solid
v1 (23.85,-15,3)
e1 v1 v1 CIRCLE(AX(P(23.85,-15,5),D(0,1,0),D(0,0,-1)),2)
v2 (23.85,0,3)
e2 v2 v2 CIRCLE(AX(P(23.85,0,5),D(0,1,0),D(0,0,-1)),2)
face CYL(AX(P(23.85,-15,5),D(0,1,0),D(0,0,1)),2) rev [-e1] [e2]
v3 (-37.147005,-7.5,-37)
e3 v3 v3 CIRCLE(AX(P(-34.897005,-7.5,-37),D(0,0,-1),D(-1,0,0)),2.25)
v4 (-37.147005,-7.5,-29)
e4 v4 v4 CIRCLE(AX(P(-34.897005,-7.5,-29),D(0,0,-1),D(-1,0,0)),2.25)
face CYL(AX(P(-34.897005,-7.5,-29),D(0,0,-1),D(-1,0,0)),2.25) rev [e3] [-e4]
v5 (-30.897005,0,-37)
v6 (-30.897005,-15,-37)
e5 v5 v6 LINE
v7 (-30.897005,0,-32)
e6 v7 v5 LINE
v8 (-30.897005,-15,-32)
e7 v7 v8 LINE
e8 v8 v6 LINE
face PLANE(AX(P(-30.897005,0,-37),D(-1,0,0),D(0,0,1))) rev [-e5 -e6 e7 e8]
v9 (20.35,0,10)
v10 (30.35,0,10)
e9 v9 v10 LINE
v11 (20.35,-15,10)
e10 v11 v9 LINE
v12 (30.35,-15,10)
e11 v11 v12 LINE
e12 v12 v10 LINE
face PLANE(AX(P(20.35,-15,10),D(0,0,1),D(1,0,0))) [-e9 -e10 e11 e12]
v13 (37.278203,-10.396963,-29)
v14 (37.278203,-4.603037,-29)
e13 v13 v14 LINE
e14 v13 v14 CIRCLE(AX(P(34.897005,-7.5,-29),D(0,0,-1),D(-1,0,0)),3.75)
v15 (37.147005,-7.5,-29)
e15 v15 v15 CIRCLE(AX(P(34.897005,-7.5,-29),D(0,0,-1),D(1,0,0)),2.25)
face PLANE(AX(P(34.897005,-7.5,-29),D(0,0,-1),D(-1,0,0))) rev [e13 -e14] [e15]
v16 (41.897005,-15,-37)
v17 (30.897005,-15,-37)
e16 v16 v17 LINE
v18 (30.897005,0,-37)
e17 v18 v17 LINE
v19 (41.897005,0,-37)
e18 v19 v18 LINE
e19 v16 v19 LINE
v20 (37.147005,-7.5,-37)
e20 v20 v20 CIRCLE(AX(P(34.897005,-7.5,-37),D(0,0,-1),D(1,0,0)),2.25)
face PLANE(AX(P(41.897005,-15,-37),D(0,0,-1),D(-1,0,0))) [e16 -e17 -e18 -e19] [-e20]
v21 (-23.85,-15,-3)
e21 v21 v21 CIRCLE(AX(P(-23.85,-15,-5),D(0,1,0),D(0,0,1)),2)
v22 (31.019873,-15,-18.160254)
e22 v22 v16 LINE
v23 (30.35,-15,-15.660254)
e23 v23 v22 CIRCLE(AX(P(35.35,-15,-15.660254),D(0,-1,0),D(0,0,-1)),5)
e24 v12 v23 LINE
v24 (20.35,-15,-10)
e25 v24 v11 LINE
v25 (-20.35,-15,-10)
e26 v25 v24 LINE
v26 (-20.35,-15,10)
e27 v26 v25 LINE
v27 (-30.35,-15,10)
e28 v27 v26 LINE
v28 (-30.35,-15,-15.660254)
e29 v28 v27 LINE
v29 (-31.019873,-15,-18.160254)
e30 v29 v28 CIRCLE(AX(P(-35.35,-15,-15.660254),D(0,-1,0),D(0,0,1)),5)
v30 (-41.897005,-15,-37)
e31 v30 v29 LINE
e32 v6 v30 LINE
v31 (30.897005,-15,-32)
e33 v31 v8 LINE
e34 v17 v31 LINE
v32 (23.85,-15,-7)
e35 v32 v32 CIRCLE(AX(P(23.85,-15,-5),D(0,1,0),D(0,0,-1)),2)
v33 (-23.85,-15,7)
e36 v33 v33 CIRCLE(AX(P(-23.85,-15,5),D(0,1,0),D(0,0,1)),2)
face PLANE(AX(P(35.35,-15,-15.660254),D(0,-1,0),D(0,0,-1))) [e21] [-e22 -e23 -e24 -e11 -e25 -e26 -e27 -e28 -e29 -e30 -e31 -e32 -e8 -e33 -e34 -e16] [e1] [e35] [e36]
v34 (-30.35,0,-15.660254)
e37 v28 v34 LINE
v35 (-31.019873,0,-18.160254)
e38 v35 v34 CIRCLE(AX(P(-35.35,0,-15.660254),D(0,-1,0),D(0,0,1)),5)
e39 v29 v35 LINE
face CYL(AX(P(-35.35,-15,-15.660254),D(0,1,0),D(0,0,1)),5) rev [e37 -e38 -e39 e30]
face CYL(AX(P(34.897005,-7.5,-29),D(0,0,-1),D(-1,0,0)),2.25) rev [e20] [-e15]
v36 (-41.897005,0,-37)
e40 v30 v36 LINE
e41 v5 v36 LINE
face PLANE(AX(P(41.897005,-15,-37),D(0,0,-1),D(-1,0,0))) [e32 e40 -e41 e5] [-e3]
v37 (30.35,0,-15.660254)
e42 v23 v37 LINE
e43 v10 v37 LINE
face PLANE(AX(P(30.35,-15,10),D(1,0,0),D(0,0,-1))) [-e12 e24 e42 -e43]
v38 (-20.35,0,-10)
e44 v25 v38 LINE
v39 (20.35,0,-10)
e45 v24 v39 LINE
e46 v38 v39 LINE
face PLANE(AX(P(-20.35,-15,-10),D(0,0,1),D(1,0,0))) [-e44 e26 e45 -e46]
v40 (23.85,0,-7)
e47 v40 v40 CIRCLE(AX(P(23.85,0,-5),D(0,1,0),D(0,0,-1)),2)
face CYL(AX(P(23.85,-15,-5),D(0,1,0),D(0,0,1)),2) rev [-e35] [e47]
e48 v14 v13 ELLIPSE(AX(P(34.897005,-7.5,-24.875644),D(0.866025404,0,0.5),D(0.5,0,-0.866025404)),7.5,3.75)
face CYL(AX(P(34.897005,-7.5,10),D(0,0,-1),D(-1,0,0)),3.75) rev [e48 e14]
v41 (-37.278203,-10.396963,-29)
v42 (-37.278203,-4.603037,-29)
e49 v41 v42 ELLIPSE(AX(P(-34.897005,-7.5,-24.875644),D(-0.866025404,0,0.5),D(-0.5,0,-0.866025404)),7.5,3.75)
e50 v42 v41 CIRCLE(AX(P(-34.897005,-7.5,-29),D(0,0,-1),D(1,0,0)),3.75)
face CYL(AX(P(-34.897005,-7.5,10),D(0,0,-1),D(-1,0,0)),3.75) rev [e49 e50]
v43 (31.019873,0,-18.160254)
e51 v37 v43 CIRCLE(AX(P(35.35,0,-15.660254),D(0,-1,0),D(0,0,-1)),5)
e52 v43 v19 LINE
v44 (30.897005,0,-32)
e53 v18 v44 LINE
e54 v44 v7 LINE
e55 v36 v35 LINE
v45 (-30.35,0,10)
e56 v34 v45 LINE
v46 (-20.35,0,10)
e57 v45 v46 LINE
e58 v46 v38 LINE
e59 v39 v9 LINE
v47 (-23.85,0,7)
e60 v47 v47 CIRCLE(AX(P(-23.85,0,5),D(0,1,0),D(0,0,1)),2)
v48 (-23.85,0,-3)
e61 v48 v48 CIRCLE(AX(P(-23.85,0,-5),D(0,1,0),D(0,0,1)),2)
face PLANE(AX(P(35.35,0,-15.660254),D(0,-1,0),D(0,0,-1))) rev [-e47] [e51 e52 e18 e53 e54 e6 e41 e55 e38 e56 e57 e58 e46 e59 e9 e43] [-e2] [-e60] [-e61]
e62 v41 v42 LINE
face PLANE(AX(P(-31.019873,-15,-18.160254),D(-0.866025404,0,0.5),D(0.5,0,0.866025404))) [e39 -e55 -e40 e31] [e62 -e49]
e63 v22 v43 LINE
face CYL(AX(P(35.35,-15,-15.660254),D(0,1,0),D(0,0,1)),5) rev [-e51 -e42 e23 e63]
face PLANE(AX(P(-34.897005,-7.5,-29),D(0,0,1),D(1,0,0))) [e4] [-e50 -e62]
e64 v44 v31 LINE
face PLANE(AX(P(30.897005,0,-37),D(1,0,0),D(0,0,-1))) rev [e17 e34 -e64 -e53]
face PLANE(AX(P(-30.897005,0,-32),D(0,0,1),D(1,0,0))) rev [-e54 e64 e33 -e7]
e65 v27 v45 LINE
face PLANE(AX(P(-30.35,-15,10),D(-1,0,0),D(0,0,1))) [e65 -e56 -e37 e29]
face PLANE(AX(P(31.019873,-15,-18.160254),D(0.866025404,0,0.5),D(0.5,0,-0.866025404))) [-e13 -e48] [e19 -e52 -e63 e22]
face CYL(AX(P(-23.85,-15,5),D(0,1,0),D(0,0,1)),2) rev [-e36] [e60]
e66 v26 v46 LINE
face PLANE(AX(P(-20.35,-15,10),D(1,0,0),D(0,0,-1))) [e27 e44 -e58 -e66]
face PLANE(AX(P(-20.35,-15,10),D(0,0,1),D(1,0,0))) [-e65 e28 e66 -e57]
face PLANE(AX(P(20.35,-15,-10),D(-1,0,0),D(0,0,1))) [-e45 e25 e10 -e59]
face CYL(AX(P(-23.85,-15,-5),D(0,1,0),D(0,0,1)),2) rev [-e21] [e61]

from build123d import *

# Parameters (mm, degrees)
SKETCH1_R           = 2
BOSS_EXTRUDE1_DEPTH = 15
SKETCH2_R           = 2.25
CUT_EXTRUDE1_DEPTH  = 8
SKETCH3_R           = 3.75
CUT_EXTRUDE2_DEPTH  = 60.172282871
SKETCH4_W           = 61.794010768
SKETCH4_H           = 5
CUT_EXTRUDE3_DEPTH  = 58.873647372


with BuildPart() as part:
    # Sketch1 → Boss-Extrude1 (new body)
    with BuildSketch(Plane(origin=(0, 0, 0), x_dir=(-1, 0, 0), z_dir=(0, 1, 0))):
        with BuildLine():
            Line((20.35, 10), (20.35, -10))
            Line((20.35, -10), (-20.35, -10))
            Line((-20.35, -10), (-20.35, 10))
            Line((-20.35, 10), (-30.35, 10))
            Line((-30.35, 10), (-30.35, -15.660254038))
            ThreePointArc((-30.35, -15.660254038), (-30.520370869, -16.954349263), (-31.019872981, -18.160254038))
            Line((-31.019872981, -18.160254038), (-41.897005384, -37))
            Line((-41.897005384, -37), (41.897005384, -37))
            Line((41.897005384, -37), (31.019872981, -18.160254038))
            ThreePointArc((31.019872981, -18.160254038), (30.520370869, -16.954349263), (30.35, -15.660254038))
            Line((30.35, -15.660254038), (30.35, 10))
            Line((30.35, 10), (20.35, 10))
        make_face()
        with Locations(Location((23.85, -5, 0), (0, 0, 90))):
            Circle(SKETCH1_R, mode=Mode.SUBTRACT)
        with Locations(Location((23.85, 5, 0), (0, 0, 90))):
            Circle(SKETCH1_R, mode=Mode.SUBTRACT)
        with Locations(Location((-23.85, -5, 0), (0, 0, 270))):
            Circle(SKETCH1_R, mode=Mode.SUBTRACT)
        with Locations(Location((-23.85, 5, 0), (0, 0, 270))):
            Circle(SKETCH1_R, mode=Mode.SUBTRACT)
    extrude(amount=-BOSS_EXTRUDE1_DEPTH)

    # Sketch2 → Cut-Extrude1 (cut)
    with BuildSketch(Plane(origin=(0, 0, -37), x_dir=(1, 0, 0), z_dir=(0, 0, -1))):
        with Locations(Location((-34.897005384, 7.5, 0), (0, 0, 180))):
            Circle(SKETCH2_R)
        with Locations((34.897005384, 7.5)):
            Circle(SKETCH2_R)
    extrude(amount=-CUT_EXTRUDE1_DEPTH, mode=Mode.SUBTRACT)

    # Sketch3 → Cut-Extrude2 (cut, through all)
    with BuildSketch(Plane(origin=(0, 0, -29), x_dir=(-1, 0, 0), z_dir=(0, 0, -1))):
        with Locations((-34.897005384, -7.5)):
            Circle(SKETCH3_R)
        with Locations((34.897005384, -7.5)):
            Circle(SKETCH3_R)
    extrude(amount=-CUT_EXTRUDE2_DEPTH, mode=Mode.SUBTRACT)

    # Sketch4 → Cut-Extrude3 (cut, through all)
    with BuildSketch(Plane.XZ.offset(15)):
        with Locations((0, -34.5)):
            Rectangle(SKETCH4_W, SKETCH4_H)
    extrude(amount=-CUT_EXTRUDE3_DEPTH, mode=Mode.SUBTRACT)


solid = part.part
